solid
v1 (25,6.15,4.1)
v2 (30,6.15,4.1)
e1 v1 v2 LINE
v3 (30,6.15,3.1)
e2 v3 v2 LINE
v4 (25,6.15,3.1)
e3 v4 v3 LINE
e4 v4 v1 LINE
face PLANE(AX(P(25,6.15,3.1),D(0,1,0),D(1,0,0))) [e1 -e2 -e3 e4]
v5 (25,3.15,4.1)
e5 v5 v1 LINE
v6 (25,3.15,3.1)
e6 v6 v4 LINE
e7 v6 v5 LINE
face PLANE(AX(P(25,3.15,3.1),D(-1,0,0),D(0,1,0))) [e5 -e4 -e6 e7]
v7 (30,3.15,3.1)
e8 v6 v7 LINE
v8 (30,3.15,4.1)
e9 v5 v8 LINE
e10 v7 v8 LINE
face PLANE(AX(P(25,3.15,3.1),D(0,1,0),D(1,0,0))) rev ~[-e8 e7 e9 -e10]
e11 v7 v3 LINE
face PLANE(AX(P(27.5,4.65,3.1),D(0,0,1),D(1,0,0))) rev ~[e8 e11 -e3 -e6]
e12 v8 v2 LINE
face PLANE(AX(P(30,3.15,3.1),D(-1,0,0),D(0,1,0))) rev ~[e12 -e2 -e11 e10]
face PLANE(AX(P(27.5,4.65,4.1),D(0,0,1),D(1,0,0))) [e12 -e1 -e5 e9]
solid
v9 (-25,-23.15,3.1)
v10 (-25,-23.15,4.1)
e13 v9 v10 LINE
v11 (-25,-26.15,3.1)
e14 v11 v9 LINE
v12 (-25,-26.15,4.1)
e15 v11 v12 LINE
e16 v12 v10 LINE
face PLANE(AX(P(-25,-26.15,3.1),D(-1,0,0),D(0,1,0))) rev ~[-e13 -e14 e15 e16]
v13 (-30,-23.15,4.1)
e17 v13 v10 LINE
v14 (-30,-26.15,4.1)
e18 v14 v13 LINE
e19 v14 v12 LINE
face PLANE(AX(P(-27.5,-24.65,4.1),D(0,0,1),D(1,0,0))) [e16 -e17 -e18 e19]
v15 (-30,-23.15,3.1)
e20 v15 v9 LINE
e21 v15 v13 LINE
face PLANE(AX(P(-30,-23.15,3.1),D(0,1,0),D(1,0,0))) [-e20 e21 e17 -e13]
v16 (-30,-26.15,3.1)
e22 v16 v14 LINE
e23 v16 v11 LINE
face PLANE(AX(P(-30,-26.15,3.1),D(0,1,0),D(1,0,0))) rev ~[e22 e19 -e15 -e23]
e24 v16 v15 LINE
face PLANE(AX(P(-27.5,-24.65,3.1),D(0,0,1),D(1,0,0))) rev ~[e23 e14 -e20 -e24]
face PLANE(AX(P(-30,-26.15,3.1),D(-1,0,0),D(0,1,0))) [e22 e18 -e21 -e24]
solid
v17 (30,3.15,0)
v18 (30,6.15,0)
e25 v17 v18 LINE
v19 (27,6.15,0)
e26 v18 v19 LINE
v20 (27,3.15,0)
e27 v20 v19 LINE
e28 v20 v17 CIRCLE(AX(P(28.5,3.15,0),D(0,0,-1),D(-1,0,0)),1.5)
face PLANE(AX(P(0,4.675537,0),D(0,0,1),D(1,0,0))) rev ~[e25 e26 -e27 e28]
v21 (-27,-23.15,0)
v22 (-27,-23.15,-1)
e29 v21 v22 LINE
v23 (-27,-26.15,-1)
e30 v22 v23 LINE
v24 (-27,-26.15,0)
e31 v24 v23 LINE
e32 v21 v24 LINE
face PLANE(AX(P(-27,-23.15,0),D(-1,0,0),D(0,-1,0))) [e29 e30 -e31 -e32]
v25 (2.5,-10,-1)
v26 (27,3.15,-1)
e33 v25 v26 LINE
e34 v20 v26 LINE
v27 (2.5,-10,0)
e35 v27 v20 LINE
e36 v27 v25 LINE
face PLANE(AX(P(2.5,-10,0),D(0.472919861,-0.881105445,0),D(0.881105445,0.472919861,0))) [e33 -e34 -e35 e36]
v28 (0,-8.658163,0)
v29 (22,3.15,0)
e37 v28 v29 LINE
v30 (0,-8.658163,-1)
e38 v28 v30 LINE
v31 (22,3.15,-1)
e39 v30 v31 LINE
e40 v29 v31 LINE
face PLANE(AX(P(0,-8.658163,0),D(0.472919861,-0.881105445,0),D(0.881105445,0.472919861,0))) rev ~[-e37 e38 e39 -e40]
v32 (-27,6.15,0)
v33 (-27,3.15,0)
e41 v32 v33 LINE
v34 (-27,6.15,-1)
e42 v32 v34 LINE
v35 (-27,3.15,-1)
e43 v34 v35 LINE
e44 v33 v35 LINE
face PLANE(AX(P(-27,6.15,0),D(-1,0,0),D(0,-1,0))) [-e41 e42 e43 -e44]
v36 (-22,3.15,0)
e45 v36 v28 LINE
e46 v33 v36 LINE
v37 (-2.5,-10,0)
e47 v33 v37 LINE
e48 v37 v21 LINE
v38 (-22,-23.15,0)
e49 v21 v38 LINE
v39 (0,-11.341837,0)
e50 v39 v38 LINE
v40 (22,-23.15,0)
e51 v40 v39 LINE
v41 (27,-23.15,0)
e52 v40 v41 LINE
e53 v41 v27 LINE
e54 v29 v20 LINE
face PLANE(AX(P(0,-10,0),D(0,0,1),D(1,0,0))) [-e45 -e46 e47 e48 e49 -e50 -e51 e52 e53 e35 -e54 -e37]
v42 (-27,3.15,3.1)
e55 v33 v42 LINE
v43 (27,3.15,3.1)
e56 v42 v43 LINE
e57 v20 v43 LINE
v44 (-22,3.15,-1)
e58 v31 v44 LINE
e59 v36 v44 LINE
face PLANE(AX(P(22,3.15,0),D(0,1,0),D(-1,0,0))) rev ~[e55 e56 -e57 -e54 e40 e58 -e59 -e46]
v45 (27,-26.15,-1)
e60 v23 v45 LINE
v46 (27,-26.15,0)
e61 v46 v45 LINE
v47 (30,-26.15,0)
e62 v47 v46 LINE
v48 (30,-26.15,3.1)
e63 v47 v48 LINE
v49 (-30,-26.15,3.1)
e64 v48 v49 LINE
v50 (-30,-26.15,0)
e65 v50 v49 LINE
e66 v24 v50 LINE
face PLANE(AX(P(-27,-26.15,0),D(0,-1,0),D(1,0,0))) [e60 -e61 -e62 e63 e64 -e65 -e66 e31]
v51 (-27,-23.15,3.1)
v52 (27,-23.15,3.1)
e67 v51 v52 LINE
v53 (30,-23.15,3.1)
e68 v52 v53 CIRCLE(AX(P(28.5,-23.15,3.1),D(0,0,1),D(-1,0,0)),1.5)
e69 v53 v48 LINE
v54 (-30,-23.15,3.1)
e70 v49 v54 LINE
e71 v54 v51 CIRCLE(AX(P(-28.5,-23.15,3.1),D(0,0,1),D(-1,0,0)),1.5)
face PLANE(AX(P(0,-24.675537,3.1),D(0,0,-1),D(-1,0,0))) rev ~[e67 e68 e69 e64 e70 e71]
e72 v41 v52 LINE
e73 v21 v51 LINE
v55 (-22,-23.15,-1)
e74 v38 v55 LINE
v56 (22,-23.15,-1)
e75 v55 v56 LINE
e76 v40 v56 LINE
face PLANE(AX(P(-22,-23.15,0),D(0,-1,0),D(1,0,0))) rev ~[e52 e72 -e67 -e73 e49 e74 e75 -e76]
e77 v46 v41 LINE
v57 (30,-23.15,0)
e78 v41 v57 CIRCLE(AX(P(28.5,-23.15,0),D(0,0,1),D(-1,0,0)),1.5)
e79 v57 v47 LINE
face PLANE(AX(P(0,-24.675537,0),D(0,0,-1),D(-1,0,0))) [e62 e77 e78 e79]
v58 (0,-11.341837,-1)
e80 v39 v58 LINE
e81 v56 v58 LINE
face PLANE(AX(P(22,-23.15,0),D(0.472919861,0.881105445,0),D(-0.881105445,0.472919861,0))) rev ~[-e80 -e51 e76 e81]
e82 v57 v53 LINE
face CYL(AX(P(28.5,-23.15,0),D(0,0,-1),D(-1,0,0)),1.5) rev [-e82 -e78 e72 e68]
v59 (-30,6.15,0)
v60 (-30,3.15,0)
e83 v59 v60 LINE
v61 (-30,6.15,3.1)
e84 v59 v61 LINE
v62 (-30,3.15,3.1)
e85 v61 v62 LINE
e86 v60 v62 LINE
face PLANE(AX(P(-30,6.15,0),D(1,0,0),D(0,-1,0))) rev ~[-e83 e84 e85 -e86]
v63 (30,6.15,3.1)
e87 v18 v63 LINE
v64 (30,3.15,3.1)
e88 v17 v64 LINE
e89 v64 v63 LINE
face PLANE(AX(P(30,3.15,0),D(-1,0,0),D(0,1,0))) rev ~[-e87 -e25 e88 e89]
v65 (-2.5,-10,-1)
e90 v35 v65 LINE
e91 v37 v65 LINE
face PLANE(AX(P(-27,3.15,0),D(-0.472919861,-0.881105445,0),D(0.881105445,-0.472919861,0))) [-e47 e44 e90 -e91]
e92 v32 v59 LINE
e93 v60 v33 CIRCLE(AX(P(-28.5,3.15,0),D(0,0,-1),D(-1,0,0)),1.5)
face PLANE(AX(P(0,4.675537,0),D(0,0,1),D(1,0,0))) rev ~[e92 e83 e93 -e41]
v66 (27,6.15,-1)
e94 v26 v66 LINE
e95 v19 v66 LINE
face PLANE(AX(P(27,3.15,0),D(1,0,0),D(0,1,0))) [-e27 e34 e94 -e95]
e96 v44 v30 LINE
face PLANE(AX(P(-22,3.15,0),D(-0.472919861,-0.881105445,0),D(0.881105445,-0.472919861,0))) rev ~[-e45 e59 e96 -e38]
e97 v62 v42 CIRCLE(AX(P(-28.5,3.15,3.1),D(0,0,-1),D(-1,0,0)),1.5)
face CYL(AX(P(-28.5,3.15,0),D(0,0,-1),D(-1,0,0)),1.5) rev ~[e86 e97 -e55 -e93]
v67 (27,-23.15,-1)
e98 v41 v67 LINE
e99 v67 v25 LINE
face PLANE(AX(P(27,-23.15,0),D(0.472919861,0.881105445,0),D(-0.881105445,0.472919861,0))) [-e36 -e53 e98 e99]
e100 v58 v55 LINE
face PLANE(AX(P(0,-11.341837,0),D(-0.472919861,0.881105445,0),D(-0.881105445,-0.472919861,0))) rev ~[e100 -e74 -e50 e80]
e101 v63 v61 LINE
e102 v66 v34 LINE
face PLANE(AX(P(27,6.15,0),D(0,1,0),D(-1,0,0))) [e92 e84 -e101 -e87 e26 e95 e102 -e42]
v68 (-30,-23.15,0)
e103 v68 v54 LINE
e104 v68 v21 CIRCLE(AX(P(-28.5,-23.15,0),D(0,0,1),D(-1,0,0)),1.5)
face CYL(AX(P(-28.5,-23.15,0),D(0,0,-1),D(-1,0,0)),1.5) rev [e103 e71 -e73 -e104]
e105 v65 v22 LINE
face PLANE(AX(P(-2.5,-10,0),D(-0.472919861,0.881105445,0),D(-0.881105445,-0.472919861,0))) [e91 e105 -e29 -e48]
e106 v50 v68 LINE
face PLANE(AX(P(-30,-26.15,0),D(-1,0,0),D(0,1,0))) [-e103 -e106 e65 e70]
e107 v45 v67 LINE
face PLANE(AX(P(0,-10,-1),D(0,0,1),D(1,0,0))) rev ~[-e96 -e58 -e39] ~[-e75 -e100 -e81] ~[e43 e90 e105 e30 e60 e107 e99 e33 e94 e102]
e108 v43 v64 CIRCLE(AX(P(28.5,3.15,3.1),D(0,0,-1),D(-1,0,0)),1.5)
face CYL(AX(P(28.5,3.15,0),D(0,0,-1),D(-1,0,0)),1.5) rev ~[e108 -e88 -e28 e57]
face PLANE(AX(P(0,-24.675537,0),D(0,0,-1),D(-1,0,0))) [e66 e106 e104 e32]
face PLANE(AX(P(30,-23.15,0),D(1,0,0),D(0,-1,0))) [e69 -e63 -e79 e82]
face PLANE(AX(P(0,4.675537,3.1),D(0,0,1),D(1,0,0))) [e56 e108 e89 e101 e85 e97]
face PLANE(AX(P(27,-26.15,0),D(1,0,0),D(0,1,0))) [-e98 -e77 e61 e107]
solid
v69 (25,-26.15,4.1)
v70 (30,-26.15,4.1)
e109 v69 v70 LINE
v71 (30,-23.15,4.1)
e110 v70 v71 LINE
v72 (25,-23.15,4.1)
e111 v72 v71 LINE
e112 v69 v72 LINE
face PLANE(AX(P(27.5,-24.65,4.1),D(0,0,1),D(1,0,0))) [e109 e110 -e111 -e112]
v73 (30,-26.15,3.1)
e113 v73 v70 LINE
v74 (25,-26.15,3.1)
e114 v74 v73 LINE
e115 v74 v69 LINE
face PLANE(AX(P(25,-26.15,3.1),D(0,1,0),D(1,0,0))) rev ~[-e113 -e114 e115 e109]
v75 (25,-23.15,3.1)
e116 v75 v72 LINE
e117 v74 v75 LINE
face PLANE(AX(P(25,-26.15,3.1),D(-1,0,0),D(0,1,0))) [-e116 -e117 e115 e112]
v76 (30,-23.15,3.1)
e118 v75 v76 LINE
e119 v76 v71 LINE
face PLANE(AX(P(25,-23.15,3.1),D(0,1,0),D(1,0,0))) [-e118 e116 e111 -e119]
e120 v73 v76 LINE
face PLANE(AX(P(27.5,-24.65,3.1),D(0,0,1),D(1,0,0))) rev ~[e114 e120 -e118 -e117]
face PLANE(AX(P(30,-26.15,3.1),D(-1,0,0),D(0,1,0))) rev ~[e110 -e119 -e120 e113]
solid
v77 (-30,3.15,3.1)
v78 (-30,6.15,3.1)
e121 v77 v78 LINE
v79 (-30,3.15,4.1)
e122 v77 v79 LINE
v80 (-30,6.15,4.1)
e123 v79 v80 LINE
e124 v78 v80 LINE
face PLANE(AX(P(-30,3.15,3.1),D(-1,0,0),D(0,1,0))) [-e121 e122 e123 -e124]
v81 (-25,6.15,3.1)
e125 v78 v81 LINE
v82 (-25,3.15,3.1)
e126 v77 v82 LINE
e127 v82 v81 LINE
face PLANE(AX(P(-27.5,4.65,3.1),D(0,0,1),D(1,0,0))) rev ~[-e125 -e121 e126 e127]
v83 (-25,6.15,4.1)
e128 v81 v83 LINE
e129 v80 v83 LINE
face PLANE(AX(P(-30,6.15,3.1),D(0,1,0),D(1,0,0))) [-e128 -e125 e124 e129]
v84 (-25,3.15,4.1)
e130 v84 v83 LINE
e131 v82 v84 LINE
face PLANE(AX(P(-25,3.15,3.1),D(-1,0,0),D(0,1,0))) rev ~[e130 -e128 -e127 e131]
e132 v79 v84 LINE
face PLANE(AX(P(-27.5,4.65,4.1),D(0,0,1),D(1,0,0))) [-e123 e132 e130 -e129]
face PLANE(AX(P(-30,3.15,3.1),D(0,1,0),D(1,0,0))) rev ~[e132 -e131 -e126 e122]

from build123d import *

# Parameters (mm, degrees)
BOSS_EXTRUDE1_DEPTH   = 3.1
BOSS_EXTRUDE1_2_DEPTH = 3.1
BOSS_EXTRUDE2_DEPTH   = 1
CUT_EXTRUDE1_DEPTH    = 2
SKETCH2_W             = 5
SKETCH2_H             = 3
BOSS_EXTRUDE3_DEPTH   = 1
BOSS_EXTRUDE3_2_DEPTH = 1
BOSS_EXTRUDE3_3_DEPTH = 1
BOSS_EXTRUDE3_4_DEPTH = 1


with BuildPart() as part:
    # female_slide → Boss-Extrude1 (new body)
    with BuildSketch(Plane.XY):
        with BuildLine():
            Line((-27, 3.15), (27, 3.15))
            ThreePointArc((27, 3.15), (28.5, 4.65), (30, 3.15))
            Line((30, 3.15), (30, 6.15))
            Line((30, 6.15), (-30, 6.15))
            Line((-30, 6.15), (-30, 3.15))
            ThreePointArc((-30, 3.15), (-28.5, 4.65), (-27, 3.15))
        make_face()
    extrude(amount=BOSS_EXTRUDE1_DEPTH)



with BuildPart() as body_2:
    # female_slide → Boss-Extrude1 2 (new body)
    with BuildSketch(Plane.XY):
        with BuildLine():
            Line((-27, -23.15), (27, -23.15))
            ThreePointArc((27, -23.15), (28.5, -24.65), (30, -23.15))
            Line((30, -23.15), (30, -26.15))
            Line((30, -26.15), (-30, -26.15))
            Line((-30, -26.15), (-30, -23.15))
            ThreePointArc((-30, -23.15), (-28.5, -24.65), (-27, -23.15))
        make_face()
    extrude(amount=BOSS_EXTRUDE1_2_DEPTH)


with BuildPart() as part_1:
    add(part.part)

    add(body_2.part)  # Boss-Extrude2 merges body 2
    # X_back → Boss-Extrude2 (add)
    with BuildSketch(Plane.XY):
        Polygon((22, 6.15), (-22, 6.15), (-27, 6.15), (-27, 3.15), (-2.5, -10), (-27, -23.15), (-27, -26.15), (-22, -26.15), (22, -26.15), (27, -26.15), (27, -23.15), (2.5, -10), (27, 3.15), (27, 6.15), align=None)
    extrude(amount=-BOSS_EXTRUDE2_DEPTH)

    # Sketch1 → Cut-Extrude1 (cut, through all)
    with BuildSketch(Plane.XY):
        Polygon((22, 3.15), (-22, 3.15), (0, -8.658163265), align=None)
        Polygon((0, -11.341836735), (-22, -23.15), (22, -23.15), align=None)
    extrude(amount=-CUT_EXTRUDE1_DEPTH, mode=Mode.SUBTRACT)


with BuildPart() as body_2_2:
    # Sketch2 → Boss-Extrude3 (new body)
    with BuildSketch(Plane.XY.offset(3.1)):
        with Locations((27.5, 4.65)):
            Rectangle(SKETCH2_W, SKETCH2_H)
    extrude(amount=BOSS_EXTRUDE3_DEPTH)


with BuildPart() as body_3:
    # Sketch2 → Boss-Extrude3 2 (new body)
    with BuildSketch(Plane.XY.offset(3.1)):
        with Locations((-27.5, 4.65)):
            Rectangle(SKETCH2_W, SKETCH2_H)
    extrude(amount=BOSS_EXTRUDE3_2_DEPTH)


with BuildPart() as body_4:
    # Sketch2 → Boss-Extrude3 3 (new body)
    with BuildSketch(Plane.XY.offset(3.1)):
        with Locations((27.5, -24.65)):
            Rectangle(SKETCH2_W, SKETCH2_H)
    extrude(amount=BOSS_EXTRUDE3_3_DEPTH)


with BuildPart() as body_5:
    # Sketch2 → Boss-Extrude3 4 (new body)
    with BuildSketch(Plane.XY.offset(3.1)):
        with Locations((-27.5, -24.65)):
            Rectangle(SKETCH2_W, SKETCH2_H)
    extrude(amount=BOSS_EXTRUDE3_4_DEPTH)


solid = Compound([part_1.part, body_2_2.part, body_3.part, body_4.part, body_5.part])
